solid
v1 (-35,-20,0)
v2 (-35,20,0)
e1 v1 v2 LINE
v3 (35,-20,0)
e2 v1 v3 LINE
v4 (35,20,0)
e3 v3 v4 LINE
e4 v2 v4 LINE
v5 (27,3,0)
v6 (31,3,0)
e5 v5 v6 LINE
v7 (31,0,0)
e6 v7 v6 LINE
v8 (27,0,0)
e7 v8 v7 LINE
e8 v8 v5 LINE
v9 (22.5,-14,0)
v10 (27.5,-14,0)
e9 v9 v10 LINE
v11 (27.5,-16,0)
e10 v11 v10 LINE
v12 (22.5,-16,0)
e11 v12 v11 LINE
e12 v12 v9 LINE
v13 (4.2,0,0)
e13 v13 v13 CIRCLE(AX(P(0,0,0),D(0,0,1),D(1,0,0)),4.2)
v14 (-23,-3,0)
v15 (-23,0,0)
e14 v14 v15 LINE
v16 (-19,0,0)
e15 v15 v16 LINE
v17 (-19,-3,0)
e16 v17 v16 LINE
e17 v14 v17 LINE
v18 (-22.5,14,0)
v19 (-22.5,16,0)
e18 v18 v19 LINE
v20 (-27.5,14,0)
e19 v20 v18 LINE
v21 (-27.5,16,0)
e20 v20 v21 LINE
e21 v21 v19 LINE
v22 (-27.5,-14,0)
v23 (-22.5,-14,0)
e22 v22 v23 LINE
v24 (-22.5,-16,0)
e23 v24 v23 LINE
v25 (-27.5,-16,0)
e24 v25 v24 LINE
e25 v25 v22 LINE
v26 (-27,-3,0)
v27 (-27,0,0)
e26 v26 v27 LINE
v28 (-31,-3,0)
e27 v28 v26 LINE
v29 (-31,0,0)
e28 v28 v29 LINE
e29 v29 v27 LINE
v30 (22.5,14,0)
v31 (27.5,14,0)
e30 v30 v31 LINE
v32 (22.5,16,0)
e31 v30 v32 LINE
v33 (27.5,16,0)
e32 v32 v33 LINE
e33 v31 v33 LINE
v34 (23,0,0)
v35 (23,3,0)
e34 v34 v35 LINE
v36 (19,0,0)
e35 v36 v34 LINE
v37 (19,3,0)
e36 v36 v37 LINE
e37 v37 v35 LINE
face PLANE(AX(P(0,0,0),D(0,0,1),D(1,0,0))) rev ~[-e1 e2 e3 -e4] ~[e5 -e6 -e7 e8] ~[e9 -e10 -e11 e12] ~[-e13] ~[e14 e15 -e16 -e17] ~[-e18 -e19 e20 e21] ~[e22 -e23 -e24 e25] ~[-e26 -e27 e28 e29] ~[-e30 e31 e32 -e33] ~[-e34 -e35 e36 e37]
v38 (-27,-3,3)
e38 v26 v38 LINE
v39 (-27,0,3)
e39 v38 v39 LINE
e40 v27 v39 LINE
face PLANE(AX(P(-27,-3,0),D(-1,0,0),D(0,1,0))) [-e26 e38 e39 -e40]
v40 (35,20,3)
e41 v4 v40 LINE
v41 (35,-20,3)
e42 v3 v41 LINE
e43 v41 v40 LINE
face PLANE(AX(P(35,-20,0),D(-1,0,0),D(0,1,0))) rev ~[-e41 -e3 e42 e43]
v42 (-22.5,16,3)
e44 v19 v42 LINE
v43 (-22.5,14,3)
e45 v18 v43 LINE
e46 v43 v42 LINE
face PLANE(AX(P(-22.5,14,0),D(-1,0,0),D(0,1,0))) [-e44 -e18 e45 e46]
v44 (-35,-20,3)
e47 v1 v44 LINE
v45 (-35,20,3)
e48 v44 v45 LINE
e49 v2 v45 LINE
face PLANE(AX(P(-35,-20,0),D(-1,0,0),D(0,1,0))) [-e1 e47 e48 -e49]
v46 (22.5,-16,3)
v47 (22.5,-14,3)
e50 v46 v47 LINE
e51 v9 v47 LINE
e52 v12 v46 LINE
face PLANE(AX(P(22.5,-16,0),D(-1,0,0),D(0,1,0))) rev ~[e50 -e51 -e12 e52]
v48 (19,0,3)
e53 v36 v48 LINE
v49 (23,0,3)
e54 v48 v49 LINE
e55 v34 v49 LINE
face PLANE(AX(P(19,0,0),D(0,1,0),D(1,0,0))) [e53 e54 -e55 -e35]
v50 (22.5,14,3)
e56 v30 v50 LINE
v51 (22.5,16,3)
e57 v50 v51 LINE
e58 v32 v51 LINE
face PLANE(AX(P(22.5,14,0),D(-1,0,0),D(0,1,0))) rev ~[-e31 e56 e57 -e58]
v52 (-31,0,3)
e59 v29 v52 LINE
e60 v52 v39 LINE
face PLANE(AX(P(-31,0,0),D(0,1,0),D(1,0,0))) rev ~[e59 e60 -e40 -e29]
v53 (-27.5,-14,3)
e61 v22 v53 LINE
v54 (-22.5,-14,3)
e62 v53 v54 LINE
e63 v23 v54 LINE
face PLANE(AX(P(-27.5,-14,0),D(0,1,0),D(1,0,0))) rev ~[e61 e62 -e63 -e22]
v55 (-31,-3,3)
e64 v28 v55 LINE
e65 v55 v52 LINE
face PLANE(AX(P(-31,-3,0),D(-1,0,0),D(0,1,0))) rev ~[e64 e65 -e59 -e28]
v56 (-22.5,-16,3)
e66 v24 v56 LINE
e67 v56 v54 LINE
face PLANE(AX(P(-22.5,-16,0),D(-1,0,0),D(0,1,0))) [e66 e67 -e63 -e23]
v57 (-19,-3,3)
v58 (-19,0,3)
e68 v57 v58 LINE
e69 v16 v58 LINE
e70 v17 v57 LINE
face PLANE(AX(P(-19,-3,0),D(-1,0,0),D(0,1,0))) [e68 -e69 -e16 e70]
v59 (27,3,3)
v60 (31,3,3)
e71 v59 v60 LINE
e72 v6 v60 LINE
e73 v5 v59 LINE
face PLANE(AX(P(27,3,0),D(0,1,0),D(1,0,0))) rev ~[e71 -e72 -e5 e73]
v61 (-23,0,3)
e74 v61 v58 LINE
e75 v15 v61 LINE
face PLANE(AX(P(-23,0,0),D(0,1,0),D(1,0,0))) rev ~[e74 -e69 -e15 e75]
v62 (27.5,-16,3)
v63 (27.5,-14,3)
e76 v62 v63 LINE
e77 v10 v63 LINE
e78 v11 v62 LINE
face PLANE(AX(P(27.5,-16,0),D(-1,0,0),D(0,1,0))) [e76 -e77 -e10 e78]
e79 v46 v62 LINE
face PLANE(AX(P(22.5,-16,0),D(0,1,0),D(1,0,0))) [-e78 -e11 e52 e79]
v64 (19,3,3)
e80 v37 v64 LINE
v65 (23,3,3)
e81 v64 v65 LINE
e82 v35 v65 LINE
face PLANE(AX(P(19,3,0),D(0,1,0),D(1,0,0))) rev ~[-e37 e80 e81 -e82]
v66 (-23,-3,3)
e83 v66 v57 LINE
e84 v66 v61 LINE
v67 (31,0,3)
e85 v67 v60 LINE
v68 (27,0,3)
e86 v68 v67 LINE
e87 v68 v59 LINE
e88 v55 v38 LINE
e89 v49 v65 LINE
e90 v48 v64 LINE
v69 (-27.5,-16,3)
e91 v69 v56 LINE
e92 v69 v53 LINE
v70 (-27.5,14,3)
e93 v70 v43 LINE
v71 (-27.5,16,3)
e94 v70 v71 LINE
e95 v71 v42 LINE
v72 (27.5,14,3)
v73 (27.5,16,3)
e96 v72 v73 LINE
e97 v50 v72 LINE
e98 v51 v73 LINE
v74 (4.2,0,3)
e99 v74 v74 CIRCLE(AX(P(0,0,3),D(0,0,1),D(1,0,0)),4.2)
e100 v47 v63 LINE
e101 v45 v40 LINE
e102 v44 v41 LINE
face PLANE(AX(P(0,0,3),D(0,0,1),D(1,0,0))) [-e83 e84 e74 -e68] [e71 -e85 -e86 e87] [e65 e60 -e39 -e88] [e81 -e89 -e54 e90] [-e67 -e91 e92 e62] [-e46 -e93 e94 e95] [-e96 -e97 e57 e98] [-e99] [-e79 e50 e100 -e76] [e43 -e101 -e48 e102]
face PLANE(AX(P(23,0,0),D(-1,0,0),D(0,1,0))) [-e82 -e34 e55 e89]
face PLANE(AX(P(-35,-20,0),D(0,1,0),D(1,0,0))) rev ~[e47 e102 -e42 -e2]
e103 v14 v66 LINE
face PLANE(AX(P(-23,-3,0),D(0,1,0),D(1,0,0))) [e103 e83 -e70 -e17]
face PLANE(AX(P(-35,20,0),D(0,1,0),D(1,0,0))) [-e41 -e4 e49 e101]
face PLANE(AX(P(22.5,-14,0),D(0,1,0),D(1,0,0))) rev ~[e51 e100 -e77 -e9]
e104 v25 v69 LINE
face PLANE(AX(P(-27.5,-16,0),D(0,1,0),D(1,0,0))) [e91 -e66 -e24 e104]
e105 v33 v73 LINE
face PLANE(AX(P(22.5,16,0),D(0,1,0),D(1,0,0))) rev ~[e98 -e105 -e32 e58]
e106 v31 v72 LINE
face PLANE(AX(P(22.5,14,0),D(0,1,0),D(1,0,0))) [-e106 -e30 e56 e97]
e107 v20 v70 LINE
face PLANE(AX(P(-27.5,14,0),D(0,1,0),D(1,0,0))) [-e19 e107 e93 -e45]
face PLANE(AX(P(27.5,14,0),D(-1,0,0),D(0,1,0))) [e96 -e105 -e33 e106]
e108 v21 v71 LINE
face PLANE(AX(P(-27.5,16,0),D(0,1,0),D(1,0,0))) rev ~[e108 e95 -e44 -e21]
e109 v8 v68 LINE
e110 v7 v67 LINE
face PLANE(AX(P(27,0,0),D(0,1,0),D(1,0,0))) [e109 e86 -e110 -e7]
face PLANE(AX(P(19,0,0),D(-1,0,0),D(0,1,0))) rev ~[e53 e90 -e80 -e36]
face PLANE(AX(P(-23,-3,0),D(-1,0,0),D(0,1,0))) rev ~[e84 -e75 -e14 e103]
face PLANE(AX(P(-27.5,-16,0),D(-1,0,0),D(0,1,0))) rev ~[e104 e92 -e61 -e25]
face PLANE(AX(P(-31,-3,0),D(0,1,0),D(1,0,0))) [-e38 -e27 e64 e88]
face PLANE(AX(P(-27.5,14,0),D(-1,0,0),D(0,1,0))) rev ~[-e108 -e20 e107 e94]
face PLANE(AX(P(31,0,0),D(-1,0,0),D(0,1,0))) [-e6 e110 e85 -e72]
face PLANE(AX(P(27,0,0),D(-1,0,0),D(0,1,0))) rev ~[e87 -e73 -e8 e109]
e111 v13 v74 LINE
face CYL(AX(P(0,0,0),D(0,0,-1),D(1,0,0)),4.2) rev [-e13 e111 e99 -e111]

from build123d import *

# Parameters (mm, degrees)
SKETCH_W   = 70
SKETCH_H   = 40
SKETCH_R   = 4.2
SKETCH_W_2 = 5
SKETCH_H_2 = 2
SKETCH_W_3 = 4
SKETCH_H_3 = 3
PAD_DEPTH  = 3


with BuildPart() as part:
    # Sketch → Pad (new body)
    with BuildSketch(Plane.XY):
        Rectangle(SKETCH_W, SKETCH_H)
        Circle(SKETCH_R, mode=Mode.SUBTRACT)
        with Locations((-25, 15)):
            Rectangle(SKETCH_W_2, SKETCH_H_2, mode=Mode.SUBTRACT)
        with Locations((25, 15)):
            Rectangle(SKETCH_W_2, SKETCH_H_2, mode=Mode.SUBTRACT)
        with Locations((25, -15)):
            Rectangle(SKETCH_W_2, SKETCH_H_2, mode=Mode.SUBTRACT)
        with Locations((-25, -15)):
            Rectangle(SKETCH_W_2, SKETCH_H_2, mode=Mode.SUBTRACT)
        with Locations((-29, -1.5)):
            Rectangle(SKETCH_W_3, SKETCH_H_3, mode=Mode.SUBTRACT)
        with Locations((-21, -1.5)):
            Rectangle(SKETCH_W_3, SKETCH_H_3, mode=Mode.SUBTRACT)
        with Locations((21, 1.5)):
            Rectangle(SKETCH_W_3, SKETCH_H_3, mode=Mode.SUBTRACT)
        with Locations((29, 1.5)):
            Rectangle(SKETCH_W_3, SKETCH_H_3, mode=Mode.SUBTRACT)
    extrude(amount=PAD_DEPTH)


solid = part.part
